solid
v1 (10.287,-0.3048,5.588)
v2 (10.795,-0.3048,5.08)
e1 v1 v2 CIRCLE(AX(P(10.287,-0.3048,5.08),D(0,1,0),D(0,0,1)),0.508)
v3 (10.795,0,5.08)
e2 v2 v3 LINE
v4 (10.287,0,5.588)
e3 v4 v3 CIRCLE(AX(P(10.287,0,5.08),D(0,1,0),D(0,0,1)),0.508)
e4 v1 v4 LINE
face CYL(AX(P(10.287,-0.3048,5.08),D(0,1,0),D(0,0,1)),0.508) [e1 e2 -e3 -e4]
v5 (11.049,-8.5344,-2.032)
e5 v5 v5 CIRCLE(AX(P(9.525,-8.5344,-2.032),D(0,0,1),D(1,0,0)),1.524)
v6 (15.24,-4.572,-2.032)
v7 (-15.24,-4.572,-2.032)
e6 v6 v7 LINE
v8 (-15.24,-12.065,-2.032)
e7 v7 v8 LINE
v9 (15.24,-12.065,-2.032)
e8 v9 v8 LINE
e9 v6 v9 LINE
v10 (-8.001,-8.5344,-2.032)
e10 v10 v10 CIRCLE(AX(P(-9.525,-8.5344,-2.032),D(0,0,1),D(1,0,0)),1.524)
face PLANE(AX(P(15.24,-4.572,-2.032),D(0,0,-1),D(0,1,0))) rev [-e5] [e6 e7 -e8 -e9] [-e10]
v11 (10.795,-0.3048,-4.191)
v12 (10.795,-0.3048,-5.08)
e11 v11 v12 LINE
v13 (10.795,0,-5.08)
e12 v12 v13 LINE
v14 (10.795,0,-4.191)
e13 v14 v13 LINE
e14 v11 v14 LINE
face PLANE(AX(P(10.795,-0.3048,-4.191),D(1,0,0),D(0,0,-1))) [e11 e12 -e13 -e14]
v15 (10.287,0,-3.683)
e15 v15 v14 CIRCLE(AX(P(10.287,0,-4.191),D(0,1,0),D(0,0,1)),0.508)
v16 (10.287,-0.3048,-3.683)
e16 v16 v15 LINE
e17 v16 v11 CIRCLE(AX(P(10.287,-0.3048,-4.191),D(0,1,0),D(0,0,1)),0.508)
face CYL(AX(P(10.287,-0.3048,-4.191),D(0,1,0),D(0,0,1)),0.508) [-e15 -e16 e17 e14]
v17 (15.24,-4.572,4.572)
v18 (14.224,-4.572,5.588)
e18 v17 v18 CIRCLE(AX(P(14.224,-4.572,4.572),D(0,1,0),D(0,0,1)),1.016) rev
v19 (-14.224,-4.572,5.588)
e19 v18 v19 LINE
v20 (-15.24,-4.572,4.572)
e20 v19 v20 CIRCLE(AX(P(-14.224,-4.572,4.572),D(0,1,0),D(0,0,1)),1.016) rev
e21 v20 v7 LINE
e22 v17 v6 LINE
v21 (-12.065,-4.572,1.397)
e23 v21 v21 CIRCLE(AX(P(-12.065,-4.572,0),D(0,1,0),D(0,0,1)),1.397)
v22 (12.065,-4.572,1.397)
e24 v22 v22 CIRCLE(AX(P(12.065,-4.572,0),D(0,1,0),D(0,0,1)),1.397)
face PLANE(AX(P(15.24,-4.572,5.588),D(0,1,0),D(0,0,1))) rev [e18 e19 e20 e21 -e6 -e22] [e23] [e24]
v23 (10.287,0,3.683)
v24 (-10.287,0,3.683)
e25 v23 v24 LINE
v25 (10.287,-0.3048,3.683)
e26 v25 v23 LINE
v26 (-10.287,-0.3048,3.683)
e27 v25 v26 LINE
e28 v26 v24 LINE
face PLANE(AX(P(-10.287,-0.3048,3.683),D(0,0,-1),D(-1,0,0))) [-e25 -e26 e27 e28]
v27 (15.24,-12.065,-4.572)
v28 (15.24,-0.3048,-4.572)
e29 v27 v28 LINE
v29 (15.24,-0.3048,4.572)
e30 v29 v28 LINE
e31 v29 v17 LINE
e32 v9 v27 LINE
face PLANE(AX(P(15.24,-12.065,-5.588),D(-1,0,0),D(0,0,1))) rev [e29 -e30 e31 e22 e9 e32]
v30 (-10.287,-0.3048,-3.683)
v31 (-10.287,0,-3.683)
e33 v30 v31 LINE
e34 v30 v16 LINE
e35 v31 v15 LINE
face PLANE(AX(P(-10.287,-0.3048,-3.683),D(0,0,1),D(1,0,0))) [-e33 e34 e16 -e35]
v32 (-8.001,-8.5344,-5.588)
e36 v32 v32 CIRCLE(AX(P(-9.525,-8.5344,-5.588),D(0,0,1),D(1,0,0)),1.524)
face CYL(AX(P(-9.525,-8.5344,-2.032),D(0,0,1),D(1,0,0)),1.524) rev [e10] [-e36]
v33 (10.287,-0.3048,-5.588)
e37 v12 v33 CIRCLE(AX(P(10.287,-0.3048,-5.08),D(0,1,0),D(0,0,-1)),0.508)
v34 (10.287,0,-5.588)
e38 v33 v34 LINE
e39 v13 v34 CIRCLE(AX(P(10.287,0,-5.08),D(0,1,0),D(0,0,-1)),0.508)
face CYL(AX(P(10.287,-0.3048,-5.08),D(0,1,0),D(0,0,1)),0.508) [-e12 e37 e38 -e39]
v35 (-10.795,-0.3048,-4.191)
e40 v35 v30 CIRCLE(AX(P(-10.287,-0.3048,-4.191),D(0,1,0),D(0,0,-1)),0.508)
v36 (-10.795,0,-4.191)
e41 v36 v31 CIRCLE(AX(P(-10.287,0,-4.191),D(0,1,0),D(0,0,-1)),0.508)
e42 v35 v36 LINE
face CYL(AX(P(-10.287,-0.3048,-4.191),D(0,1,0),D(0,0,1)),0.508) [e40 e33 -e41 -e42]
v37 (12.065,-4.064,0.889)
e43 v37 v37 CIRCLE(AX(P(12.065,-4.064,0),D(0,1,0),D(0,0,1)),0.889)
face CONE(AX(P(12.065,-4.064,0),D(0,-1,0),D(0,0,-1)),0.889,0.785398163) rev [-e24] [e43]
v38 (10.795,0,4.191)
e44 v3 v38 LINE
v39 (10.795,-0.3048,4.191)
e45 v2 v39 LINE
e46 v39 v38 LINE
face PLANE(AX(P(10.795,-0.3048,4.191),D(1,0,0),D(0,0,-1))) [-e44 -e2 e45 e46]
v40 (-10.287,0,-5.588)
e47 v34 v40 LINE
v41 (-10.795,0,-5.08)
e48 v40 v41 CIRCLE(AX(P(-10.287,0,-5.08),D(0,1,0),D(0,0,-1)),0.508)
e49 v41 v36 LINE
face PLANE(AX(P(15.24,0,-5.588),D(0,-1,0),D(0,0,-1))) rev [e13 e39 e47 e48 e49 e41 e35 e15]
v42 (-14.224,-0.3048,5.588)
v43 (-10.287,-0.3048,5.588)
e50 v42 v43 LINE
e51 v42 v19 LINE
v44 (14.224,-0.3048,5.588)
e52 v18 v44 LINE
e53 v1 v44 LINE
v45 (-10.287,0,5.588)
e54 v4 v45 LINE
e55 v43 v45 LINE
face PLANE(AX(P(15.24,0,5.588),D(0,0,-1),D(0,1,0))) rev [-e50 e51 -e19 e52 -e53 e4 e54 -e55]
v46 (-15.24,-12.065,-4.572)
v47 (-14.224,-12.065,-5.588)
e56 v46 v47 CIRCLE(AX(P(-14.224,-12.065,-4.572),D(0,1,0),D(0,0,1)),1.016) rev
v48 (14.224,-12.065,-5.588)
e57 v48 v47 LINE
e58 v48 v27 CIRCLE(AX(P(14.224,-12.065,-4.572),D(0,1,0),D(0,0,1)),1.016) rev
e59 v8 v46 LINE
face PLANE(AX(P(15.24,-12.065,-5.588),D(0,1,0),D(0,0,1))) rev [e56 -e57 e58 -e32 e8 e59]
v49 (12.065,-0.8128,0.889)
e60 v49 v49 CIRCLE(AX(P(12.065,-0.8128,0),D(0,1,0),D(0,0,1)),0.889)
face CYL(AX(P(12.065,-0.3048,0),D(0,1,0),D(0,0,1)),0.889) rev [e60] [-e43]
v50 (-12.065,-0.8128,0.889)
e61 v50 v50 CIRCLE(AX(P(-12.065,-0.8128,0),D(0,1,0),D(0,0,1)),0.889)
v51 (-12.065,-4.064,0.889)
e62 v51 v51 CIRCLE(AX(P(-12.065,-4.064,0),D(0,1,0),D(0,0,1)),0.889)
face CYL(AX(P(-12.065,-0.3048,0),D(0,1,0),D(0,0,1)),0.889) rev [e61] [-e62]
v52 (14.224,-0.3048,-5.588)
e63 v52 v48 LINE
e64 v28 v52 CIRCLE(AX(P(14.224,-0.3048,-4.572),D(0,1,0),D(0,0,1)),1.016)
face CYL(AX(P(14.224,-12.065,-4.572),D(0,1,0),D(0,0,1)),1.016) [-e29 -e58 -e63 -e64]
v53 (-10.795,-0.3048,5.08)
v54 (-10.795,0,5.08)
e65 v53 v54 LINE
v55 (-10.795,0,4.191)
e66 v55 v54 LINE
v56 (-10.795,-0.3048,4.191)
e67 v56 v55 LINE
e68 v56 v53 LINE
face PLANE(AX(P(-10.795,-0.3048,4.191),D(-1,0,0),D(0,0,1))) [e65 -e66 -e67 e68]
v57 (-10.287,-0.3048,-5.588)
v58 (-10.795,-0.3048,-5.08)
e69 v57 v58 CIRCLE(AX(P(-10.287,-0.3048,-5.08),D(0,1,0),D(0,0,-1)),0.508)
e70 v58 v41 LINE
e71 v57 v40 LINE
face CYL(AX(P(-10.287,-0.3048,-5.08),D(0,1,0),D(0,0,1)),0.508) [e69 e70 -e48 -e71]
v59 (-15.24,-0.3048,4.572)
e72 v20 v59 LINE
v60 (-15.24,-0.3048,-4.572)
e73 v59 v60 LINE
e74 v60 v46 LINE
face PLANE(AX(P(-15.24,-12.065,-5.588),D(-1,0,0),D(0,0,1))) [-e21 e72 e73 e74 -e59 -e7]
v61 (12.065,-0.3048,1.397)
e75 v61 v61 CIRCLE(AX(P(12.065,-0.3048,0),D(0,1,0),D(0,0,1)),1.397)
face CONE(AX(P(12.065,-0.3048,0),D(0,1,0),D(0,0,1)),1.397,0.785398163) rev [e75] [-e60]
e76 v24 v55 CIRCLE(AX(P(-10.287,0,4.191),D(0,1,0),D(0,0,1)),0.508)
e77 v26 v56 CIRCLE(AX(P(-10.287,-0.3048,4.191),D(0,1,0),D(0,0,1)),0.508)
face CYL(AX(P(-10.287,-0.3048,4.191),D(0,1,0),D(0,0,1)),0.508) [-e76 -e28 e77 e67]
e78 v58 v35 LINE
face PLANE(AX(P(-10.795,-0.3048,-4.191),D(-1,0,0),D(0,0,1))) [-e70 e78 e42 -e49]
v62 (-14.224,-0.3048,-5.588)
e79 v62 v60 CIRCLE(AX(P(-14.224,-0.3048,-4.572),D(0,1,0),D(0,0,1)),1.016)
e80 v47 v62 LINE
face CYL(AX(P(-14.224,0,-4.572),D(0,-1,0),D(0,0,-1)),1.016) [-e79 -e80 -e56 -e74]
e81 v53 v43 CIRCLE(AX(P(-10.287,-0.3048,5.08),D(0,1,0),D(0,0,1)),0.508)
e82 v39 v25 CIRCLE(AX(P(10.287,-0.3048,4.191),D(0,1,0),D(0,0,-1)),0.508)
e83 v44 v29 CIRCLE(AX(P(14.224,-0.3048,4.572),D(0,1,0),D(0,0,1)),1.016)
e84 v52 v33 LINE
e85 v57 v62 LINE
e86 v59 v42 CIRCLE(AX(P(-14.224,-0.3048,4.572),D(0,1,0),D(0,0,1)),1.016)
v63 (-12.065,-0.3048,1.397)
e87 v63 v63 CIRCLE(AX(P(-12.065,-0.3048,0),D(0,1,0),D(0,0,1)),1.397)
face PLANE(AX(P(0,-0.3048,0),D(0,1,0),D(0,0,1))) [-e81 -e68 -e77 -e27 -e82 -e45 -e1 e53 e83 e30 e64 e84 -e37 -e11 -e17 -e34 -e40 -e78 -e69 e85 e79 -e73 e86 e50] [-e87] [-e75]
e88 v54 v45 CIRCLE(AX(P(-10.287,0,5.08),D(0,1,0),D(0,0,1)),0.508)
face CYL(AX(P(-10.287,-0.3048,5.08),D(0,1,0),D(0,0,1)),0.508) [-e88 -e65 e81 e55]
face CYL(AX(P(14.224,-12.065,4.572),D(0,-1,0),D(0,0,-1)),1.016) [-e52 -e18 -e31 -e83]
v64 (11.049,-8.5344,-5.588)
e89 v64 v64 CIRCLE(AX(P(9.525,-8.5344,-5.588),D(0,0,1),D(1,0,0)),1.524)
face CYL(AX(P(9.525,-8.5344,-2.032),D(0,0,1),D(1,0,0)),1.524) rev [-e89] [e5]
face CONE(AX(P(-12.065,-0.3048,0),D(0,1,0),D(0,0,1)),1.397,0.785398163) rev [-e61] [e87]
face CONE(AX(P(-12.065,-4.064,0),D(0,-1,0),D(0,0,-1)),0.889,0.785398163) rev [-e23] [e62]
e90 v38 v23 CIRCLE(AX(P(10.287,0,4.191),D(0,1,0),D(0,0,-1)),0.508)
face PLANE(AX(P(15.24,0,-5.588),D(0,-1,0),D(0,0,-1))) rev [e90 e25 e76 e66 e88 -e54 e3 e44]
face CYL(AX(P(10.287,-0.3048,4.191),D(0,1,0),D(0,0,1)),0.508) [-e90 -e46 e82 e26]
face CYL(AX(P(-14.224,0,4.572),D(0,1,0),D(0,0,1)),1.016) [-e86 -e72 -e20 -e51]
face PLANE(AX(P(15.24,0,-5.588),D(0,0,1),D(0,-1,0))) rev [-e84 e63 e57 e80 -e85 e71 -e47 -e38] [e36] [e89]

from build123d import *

# Parameters (mm, degrees)
BOSS_EXTRUDE1_DEPTH            = 15.24
SKETCH7_OUTSIDE_W              = 39.406
SKETCH7_OUTSIDE_H              = 20.102
CUT_EXTRUDE2_DEPTH             = 0.3048
F_2_56_TAPPED_HOLE1_AT_2_COUNT = 2
F_2_56_TAPPED_HOLE1_AT_2_PITCH = 24.13
F_31_0_12_DIAMETER_HOLE1_D     = 3.048
FILLET1_R                      = 1.016


with BuildPart() as part:
    # Sketch1 → Boss-Extrude1 (new, symmetric)
    with BuildSketch(Plane(origin=(0, 0, 0), x_dir=(0, 0, -1), z_dir=(1, 0, 0))):
        Polygon((5.588, 0), (-5.588, 0), (-5.588, -4.572), (2.032, -4.572), (2.032, -12.065), (5.588, -12.065), align=None)
    extrude(amount=BOSS_EXTRUDE1_DEPTH, both=True)

    # Sketch7 outside → Cut-Extrude2 (cut)
    with BuildSketch(Plane(origin=(0, 0, 0), x_dir=(1, 0, 0), z_dir=(0, 1, 0))):
        Rectangle(SKETCH7_OUTSIDE_W, SKETCH7_OUTSIDE_H)
        with BuildLine():
            Line((10.795, -4.191), (10.795, -5.08))
            ThreePointArc((10.795, -5.08), (10.646210245, -5.439210245), (10.287, -5.588))
            Line((10.287, -5.588), (-10.287, -5.588))
            ThreePointArc((-10.287, -5.588), (-10.646210245, -5.439210245), (-10.795, -5.08))
            Line((-10.795, -5.08), (-10.795, -4.191))
            ThreePointArc((-10.795, -4.191), (-10.646210245, -3.831789755), (-10.287, -3.683))
            Line((-10.287, -3.683), (10.287, -3.683))
            ThreePointArc((10.287, -3.683), (10.646210245, -3.831789755), (10.795, -4.191))
        make_face(mode=Mode.SUBTRACT)
        with BuildLine():
            Line((-10.287, 3.683), (10.287, 3.683))
            ThreePointArc((10.287, 3.683), (10.646210245, 3.831789755), (10.795, 4.191))
            Line((10.795, 4.191), (10.795, 5.08))
            ThreePointArc((10.795, 5.08), (10.646210245, 5.439210245), (10.287, 5.588))
            Line((10.287, 5.588), (-10.287, 5.588))
            ThreePointArc((-10.287, 5.588), (-10.646210245, 5.439210245), (-10.795, 5.08))
            Line((-10.795, 5.08), (-10.795, 4.191))
            ThreePointArc((-10.795, 4.191), (-10.646210245, 3.831789755), (-10.287, 3.683))
        make_face(mode=Mode.SUBTRACT)
    extrude(amount=-CUT_EXTRUDE2_DEPTH, mode=Mode.SUBTRACT)

    # Sketch2 → #2-56 Tapped Hole1 (revolve, cut)
    with BuildSketch(Plane(origin=(-12.065, -0.3048, 0), x_dir=(0, 0, 1), z_dir=(1, 0, 0))):
        Polygon((0, 0), (0, 4.2672), (1.397, 4.2672), (0.889, 3.7592), (0.889, 0.508), (1.397, 0), align=None)
    f_2_56_tapped_hole1 = revolve(axis=Axis((-12.065, 6.0452, 0), (0, -1, 0)), mode=Mode.SUBTRACT)

    # #2-56 Tapped Hole1 at 2: #2-56 Tapped Hole1 ×2
    with Locations(*[(i * F_2_56_TAPPED_HOLE1_AT_2_PITCH, 0, 0) for i in range(1, F_2_56_TAPPED_HOLE1_AT_2_COUNT)]):
        add(f_2_56_tapped_hole1, mode=Mode.SUBTRACT)

    # #31 (0.12) Diameter Hole1 (through all)
    with Locations(Plane(origin=(-4.633152105, -2.095479982, -2.032), x_dir=(1, 0, 0), z_dir=(0, 0, 1))):
        with Locations((-4.891847895, -6.438920018), (14.158152105, -6.438920018)):
            Hole(F_31_0_12_DIAMETER_HOLE1_D / 2)

    # Fillet1
    fillet1_edges = [part.edges().sort_by_distance(p)[0] for p in [
        (-15.24, -2.4384, 5.588),
        (15.24, -2.4384, 5.588),
        (15.24, -6.1849, -5.588),
        (-15.24, -6.1849, -5.588),
    ]]
    fillet(fillet1_edges, radius=FILLET1_R)


solid = part.part
